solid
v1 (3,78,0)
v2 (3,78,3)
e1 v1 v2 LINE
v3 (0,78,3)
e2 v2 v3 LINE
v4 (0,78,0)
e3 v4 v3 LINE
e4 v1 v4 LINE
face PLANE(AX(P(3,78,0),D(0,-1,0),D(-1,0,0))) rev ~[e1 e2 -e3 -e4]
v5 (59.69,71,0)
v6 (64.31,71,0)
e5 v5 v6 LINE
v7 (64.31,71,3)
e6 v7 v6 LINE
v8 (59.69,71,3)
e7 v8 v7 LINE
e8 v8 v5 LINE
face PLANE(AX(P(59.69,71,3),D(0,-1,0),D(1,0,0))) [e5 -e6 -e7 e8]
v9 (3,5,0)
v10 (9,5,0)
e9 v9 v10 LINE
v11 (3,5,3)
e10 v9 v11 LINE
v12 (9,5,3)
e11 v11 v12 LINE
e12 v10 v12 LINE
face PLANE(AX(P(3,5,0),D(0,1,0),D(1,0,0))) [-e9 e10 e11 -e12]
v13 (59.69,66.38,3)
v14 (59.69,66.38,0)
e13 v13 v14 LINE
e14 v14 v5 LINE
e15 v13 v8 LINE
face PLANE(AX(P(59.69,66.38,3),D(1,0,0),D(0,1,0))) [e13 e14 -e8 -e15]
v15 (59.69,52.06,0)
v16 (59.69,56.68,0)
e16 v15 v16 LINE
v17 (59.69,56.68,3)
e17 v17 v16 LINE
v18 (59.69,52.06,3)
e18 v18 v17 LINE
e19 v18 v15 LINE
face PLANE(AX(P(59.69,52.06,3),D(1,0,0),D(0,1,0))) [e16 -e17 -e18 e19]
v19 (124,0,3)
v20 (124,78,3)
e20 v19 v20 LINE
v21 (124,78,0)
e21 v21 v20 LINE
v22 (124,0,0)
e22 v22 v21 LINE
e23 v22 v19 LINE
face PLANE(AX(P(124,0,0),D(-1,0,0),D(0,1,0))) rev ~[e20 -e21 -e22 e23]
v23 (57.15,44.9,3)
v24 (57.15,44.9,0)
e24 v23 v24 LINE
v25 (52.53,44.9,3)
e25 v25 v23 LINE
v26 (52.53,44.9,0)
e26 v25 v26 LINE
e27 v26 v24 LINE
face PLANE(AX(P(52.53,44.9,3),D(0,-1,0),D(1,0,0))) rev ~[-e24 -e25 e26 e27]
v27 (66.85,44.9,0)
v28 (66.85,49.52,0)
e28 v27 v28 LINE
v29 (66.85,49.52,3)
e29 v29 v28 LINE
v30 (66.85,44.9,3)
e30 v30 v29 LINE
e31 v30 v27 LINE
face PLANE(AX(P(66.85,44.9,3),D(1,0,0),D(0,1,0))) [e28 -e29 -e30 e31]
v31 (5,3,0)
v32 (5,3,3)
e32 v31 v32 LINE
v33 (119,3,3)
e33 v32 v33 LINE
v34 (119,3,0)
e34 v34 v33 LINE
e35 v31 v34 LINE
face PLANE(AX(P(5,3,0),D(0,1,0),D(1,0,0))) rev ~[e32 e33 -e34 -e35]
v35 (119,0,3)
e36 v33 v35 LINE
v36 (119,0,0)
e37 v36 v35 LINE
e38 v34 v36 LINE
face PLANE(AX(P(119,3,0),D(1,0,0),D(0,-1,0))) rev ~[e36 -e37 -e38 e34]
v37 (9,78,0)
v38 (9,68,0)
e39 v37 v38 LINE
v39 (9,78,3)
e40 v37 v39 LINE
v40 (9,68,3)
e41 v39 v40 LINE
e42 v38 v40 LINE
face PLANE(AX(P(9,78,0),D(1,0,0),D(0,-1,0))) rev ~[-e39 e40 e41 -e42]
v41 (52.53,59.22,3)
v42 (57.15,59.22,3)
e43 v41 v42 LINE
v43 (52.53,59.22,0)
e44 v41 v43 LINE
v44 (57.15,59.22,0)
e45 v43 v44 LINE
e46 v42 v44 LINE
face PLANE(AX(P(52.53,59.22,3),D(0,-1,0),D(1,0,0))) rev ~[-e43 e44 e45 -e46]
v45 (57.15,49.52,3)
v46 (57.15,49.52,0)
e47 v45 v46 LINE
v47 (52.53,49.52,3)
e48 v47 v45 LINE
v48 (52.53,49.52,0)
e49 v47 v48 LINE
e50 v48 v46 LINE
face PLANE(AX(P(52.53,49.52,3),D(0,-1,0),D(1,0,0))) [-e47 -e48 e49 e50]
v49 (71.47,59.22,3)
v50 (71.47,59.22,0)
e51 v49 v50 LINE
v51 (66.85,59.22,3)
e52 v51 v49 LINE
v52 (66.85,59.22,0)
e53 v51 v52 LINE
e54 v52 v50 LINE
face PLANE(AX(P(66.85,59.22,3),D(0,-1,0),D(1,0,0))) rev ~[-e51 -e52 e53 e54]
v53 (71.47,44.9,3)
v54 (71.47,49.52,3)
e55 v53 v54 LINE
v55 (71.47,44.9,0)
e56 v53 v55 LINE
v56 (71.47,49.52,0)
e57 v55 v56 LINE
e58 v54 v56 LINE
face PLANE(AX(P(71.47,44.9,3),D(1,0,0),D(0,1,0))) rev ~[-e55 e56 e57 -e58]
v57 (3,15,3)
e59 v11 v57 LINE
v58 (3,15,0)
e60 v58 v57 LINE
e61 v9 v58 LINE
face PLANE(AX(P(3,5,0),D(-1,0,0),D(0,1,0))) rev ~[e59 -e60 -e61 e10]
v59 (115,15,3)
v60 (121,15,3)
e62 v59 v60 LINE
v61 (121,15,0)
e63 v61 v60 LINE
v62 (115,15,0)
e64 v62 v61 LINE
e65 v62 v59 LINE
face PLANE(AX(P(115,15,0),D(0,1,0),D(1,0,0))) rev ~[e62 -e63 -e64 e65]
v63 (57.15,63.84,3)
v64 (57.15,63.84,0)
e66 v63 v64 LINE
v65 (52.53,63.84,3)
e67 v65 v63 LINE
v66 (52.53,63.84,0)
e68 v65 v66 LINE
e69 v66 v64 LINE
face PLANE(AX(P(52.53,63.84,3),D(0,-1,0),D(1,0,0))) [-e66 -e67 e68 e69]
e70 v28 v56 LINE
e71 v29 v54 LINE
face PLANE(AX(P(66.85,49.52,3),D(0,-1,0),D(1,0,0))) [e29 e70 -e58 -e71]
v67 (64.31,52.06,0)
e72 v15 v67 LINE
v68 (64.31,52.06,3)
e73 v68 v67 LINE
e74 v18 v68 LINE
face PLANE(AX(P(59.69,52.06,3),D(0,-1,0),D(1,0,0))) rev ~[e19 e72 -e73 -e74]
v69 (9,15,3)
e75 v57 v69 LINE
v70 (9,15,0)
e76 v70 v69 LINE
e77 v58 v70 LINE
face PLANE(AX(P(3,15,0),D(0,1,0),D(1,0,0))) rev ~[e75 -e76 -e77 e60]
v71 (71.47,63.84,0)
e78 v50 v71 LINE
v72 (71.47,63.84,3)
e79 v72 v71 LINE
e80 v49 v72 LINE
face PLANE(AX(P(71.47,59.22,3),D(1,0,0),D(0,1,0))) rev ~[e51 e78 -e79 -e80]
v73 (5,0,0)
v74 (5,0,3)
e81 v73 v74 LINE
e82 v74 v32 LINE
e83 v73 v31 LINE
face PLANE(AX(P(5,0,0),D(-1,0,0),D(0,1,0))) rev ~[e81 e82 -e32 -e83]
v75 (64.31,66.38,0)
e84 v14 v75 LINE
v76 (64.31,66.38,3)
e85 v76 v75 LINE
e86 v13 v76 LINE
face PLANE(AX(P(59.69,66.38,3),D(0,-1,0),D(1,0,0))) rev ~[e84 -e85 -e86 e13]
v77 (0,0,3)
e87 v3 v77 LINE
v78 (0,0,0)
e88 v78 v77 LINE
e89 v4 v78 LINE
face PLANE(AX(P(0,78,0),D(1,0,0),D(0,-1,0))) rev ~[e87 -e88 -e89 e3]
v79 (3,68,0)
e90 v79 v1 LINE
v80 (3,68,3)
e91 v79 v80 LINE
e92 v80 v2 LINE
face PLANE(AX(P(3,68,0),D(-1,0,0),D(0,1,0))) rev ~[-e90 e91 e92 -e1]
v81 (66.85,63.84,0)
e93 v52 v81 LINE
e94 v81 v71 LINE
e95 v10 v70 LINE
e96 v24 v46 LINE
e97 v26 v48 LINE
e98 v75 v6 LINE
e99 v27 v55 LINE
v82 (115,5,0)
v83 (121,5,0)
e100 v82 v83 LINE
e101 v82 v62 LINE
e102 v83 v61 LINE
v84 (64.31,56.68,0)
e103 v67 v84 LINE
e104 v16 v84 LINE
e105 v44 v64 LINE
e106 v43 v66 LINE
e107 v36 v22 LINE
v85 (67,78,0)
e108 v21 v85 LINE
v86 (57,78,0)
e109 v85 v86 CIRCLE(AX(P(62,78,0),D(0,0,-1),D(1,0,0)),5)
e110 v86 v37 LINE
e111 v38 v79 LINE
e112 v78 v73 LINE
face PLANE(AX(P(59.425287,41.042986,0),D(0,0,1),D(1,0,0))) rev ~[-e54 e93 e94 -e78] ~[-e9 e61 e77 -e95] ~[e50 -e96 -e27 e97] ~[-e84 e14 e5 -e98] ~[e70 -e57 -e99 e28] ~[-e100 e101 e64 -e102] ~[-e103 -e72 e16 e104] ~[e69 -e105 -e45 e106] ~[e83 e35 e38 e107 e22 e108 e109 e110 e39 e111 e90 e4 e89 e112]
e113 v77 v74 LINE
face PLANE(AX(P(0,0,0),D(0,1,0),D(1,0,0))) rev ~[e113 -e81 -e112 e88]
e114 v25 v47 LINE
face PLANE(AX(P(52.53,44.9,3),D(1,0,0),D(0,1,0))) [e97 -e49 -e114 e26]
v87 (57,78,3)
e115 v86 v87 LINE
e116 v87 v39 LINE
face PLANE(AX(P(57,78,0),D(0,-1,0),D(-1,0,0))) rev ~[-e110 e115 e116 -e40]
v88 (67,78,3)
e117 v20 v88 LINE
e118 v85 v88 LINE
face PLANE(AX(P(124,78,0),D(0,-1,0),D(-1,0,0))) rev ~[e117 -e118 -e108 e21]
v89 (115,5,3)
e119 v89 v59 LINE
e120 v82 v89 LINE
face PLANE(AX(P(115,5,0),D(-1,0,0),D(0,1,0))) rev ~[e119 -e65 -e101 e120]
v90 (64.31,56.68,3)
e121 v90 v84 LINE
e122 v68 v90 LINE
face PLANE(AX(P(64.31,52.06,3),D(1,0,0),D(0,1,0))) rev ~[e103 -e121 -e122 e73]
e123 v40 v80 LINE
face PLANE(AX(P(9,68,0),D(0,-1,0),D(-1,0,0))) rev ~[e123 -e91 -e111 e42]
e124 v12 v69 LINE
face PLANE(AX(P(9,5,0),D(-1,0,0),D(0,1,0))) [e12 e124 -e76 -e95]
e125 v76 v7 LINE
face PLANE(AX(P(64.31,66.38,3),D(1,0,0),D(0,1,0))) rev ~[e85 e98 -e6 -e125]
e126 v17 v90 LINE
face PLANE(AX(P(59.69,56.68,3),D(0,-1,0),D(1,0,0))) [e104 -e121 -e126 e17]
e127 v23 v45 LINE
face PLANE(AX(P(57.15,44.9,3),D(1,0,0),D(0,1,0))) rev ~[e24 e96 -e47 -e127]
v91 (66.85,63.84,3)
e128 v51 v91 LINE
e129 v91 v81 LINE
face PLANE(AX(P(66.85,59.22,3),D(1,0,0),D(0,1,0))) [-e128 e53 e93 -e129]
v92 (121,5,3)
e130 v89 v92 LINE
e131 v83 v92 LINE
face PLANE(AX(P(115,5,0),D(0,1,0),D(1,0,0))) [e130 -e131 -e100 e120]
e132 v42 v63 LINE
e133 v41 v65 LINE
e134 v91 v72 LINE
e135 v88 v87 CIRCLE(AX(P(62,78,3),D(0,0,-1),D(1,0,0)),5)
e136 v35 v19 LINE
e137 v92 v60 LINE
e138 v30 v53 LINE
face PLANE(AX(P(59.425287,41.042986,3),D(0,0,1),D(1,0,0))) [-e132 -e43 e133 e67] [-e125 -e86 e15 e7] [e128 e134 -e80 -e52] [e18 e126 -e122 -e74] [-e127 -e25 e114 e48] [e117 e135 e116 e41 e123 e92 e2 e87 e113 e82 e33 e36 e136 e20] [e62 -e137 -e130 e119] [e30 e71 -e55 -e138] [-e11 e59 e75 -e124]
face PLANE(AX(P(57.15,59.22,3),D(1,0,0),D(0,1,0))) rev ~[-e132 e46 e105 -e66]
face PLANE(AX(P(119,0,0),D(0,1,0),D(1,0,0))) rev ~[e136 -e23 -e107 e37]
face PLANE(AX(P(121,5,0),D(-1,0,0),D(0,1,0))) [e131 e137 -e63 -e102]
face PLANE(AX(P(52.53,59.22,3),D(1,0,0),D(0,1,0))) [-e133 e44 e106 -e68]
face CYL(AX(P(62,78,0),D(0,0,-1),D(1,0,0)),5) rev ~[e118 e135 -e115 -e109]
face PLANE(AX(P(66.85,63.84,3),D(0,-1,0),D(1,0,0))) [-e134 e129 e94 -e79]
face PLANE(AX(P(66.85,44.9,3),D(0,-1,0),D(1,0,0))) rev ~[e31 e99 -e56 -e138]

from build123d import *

# Parameters (mm, degrees)
SKETCH1_W           = 6
SKETCH1_H           = 10
BOSS_EXTRUDE1_DEPTH = 3
SKETCH2_W           = 4.62
SKETCH2_H           = 4.62
CUT_EXTRUDE1_DEPTH  = 147.523035732


with BuildPart() as part:
    # Sketch1 → Boss-Extrude1 (new body)
    with BuildSketch(Plane.XY):
        with BuildLine():
            Line((0, 0), (5, 0))
            Line((5, 0), (5, 3))
            Line((5, 3), (119, 3))
            Line((119, 3), (119, 0))
            Line((119, 0), (124, 0))
            Line((124, 0), (124, 78))
            Line((124, 78), (67, 78))
            ThreePointArc((67, 78), (62, 73), (57, 78))
            Line((57, 78), (9, 78))
            Line((9, 78), (9, 68))
            Line((9, 68), (3, 68))
            Line((3, 68), (3, 78))
            Line((3, 78), (0, 78))
            Line((0, 78), (0, 0))
        make_face()
        with Locations((6, 10)):
            Rectangle(SKETCH1_W, SKETCH1_H, mode=Mode.SUBTRACT)
        with Locations((118, 10)):
            Rectangle(SKETCH1_W, SKETCH1_H, mode=Mode.SUBTRACT)
    extrude(amount=BOSS_EXTRUDE1_DEPTH)

    # Sketch2 → Cut-Extrude1 (cut, through all)
    with BuildSketch(Plane.XY.offset(3)):
        with Locations((54.84, 61.53)):
            Rectangle(SKETCH2_W, SKETCH2_H)
        with Locations((69.16, 61.53)):
            Rectangle(SKETCH2_W, SKETCH2_H)
        with Locations((54.84, 47.21)):
            Rectangle(SKETCH2_W, SKETCH2_H)
        with Locations((69.16, 47.21)):
            Rectangle(SKETCH2_W, SKETCH2_H)
        with Locations((62, 54.37)):
            Rectangle(SKETCH2_W, SKETCH2_H)
        with Locations((62, 68.69)):
            Rectangle(SKETCH2_W, SKETCH2_H)
    extrude(amount=-CUT_EXTRUDE1_DEPTH, mode=Mode.SUBTRACT)


solid = part.part
